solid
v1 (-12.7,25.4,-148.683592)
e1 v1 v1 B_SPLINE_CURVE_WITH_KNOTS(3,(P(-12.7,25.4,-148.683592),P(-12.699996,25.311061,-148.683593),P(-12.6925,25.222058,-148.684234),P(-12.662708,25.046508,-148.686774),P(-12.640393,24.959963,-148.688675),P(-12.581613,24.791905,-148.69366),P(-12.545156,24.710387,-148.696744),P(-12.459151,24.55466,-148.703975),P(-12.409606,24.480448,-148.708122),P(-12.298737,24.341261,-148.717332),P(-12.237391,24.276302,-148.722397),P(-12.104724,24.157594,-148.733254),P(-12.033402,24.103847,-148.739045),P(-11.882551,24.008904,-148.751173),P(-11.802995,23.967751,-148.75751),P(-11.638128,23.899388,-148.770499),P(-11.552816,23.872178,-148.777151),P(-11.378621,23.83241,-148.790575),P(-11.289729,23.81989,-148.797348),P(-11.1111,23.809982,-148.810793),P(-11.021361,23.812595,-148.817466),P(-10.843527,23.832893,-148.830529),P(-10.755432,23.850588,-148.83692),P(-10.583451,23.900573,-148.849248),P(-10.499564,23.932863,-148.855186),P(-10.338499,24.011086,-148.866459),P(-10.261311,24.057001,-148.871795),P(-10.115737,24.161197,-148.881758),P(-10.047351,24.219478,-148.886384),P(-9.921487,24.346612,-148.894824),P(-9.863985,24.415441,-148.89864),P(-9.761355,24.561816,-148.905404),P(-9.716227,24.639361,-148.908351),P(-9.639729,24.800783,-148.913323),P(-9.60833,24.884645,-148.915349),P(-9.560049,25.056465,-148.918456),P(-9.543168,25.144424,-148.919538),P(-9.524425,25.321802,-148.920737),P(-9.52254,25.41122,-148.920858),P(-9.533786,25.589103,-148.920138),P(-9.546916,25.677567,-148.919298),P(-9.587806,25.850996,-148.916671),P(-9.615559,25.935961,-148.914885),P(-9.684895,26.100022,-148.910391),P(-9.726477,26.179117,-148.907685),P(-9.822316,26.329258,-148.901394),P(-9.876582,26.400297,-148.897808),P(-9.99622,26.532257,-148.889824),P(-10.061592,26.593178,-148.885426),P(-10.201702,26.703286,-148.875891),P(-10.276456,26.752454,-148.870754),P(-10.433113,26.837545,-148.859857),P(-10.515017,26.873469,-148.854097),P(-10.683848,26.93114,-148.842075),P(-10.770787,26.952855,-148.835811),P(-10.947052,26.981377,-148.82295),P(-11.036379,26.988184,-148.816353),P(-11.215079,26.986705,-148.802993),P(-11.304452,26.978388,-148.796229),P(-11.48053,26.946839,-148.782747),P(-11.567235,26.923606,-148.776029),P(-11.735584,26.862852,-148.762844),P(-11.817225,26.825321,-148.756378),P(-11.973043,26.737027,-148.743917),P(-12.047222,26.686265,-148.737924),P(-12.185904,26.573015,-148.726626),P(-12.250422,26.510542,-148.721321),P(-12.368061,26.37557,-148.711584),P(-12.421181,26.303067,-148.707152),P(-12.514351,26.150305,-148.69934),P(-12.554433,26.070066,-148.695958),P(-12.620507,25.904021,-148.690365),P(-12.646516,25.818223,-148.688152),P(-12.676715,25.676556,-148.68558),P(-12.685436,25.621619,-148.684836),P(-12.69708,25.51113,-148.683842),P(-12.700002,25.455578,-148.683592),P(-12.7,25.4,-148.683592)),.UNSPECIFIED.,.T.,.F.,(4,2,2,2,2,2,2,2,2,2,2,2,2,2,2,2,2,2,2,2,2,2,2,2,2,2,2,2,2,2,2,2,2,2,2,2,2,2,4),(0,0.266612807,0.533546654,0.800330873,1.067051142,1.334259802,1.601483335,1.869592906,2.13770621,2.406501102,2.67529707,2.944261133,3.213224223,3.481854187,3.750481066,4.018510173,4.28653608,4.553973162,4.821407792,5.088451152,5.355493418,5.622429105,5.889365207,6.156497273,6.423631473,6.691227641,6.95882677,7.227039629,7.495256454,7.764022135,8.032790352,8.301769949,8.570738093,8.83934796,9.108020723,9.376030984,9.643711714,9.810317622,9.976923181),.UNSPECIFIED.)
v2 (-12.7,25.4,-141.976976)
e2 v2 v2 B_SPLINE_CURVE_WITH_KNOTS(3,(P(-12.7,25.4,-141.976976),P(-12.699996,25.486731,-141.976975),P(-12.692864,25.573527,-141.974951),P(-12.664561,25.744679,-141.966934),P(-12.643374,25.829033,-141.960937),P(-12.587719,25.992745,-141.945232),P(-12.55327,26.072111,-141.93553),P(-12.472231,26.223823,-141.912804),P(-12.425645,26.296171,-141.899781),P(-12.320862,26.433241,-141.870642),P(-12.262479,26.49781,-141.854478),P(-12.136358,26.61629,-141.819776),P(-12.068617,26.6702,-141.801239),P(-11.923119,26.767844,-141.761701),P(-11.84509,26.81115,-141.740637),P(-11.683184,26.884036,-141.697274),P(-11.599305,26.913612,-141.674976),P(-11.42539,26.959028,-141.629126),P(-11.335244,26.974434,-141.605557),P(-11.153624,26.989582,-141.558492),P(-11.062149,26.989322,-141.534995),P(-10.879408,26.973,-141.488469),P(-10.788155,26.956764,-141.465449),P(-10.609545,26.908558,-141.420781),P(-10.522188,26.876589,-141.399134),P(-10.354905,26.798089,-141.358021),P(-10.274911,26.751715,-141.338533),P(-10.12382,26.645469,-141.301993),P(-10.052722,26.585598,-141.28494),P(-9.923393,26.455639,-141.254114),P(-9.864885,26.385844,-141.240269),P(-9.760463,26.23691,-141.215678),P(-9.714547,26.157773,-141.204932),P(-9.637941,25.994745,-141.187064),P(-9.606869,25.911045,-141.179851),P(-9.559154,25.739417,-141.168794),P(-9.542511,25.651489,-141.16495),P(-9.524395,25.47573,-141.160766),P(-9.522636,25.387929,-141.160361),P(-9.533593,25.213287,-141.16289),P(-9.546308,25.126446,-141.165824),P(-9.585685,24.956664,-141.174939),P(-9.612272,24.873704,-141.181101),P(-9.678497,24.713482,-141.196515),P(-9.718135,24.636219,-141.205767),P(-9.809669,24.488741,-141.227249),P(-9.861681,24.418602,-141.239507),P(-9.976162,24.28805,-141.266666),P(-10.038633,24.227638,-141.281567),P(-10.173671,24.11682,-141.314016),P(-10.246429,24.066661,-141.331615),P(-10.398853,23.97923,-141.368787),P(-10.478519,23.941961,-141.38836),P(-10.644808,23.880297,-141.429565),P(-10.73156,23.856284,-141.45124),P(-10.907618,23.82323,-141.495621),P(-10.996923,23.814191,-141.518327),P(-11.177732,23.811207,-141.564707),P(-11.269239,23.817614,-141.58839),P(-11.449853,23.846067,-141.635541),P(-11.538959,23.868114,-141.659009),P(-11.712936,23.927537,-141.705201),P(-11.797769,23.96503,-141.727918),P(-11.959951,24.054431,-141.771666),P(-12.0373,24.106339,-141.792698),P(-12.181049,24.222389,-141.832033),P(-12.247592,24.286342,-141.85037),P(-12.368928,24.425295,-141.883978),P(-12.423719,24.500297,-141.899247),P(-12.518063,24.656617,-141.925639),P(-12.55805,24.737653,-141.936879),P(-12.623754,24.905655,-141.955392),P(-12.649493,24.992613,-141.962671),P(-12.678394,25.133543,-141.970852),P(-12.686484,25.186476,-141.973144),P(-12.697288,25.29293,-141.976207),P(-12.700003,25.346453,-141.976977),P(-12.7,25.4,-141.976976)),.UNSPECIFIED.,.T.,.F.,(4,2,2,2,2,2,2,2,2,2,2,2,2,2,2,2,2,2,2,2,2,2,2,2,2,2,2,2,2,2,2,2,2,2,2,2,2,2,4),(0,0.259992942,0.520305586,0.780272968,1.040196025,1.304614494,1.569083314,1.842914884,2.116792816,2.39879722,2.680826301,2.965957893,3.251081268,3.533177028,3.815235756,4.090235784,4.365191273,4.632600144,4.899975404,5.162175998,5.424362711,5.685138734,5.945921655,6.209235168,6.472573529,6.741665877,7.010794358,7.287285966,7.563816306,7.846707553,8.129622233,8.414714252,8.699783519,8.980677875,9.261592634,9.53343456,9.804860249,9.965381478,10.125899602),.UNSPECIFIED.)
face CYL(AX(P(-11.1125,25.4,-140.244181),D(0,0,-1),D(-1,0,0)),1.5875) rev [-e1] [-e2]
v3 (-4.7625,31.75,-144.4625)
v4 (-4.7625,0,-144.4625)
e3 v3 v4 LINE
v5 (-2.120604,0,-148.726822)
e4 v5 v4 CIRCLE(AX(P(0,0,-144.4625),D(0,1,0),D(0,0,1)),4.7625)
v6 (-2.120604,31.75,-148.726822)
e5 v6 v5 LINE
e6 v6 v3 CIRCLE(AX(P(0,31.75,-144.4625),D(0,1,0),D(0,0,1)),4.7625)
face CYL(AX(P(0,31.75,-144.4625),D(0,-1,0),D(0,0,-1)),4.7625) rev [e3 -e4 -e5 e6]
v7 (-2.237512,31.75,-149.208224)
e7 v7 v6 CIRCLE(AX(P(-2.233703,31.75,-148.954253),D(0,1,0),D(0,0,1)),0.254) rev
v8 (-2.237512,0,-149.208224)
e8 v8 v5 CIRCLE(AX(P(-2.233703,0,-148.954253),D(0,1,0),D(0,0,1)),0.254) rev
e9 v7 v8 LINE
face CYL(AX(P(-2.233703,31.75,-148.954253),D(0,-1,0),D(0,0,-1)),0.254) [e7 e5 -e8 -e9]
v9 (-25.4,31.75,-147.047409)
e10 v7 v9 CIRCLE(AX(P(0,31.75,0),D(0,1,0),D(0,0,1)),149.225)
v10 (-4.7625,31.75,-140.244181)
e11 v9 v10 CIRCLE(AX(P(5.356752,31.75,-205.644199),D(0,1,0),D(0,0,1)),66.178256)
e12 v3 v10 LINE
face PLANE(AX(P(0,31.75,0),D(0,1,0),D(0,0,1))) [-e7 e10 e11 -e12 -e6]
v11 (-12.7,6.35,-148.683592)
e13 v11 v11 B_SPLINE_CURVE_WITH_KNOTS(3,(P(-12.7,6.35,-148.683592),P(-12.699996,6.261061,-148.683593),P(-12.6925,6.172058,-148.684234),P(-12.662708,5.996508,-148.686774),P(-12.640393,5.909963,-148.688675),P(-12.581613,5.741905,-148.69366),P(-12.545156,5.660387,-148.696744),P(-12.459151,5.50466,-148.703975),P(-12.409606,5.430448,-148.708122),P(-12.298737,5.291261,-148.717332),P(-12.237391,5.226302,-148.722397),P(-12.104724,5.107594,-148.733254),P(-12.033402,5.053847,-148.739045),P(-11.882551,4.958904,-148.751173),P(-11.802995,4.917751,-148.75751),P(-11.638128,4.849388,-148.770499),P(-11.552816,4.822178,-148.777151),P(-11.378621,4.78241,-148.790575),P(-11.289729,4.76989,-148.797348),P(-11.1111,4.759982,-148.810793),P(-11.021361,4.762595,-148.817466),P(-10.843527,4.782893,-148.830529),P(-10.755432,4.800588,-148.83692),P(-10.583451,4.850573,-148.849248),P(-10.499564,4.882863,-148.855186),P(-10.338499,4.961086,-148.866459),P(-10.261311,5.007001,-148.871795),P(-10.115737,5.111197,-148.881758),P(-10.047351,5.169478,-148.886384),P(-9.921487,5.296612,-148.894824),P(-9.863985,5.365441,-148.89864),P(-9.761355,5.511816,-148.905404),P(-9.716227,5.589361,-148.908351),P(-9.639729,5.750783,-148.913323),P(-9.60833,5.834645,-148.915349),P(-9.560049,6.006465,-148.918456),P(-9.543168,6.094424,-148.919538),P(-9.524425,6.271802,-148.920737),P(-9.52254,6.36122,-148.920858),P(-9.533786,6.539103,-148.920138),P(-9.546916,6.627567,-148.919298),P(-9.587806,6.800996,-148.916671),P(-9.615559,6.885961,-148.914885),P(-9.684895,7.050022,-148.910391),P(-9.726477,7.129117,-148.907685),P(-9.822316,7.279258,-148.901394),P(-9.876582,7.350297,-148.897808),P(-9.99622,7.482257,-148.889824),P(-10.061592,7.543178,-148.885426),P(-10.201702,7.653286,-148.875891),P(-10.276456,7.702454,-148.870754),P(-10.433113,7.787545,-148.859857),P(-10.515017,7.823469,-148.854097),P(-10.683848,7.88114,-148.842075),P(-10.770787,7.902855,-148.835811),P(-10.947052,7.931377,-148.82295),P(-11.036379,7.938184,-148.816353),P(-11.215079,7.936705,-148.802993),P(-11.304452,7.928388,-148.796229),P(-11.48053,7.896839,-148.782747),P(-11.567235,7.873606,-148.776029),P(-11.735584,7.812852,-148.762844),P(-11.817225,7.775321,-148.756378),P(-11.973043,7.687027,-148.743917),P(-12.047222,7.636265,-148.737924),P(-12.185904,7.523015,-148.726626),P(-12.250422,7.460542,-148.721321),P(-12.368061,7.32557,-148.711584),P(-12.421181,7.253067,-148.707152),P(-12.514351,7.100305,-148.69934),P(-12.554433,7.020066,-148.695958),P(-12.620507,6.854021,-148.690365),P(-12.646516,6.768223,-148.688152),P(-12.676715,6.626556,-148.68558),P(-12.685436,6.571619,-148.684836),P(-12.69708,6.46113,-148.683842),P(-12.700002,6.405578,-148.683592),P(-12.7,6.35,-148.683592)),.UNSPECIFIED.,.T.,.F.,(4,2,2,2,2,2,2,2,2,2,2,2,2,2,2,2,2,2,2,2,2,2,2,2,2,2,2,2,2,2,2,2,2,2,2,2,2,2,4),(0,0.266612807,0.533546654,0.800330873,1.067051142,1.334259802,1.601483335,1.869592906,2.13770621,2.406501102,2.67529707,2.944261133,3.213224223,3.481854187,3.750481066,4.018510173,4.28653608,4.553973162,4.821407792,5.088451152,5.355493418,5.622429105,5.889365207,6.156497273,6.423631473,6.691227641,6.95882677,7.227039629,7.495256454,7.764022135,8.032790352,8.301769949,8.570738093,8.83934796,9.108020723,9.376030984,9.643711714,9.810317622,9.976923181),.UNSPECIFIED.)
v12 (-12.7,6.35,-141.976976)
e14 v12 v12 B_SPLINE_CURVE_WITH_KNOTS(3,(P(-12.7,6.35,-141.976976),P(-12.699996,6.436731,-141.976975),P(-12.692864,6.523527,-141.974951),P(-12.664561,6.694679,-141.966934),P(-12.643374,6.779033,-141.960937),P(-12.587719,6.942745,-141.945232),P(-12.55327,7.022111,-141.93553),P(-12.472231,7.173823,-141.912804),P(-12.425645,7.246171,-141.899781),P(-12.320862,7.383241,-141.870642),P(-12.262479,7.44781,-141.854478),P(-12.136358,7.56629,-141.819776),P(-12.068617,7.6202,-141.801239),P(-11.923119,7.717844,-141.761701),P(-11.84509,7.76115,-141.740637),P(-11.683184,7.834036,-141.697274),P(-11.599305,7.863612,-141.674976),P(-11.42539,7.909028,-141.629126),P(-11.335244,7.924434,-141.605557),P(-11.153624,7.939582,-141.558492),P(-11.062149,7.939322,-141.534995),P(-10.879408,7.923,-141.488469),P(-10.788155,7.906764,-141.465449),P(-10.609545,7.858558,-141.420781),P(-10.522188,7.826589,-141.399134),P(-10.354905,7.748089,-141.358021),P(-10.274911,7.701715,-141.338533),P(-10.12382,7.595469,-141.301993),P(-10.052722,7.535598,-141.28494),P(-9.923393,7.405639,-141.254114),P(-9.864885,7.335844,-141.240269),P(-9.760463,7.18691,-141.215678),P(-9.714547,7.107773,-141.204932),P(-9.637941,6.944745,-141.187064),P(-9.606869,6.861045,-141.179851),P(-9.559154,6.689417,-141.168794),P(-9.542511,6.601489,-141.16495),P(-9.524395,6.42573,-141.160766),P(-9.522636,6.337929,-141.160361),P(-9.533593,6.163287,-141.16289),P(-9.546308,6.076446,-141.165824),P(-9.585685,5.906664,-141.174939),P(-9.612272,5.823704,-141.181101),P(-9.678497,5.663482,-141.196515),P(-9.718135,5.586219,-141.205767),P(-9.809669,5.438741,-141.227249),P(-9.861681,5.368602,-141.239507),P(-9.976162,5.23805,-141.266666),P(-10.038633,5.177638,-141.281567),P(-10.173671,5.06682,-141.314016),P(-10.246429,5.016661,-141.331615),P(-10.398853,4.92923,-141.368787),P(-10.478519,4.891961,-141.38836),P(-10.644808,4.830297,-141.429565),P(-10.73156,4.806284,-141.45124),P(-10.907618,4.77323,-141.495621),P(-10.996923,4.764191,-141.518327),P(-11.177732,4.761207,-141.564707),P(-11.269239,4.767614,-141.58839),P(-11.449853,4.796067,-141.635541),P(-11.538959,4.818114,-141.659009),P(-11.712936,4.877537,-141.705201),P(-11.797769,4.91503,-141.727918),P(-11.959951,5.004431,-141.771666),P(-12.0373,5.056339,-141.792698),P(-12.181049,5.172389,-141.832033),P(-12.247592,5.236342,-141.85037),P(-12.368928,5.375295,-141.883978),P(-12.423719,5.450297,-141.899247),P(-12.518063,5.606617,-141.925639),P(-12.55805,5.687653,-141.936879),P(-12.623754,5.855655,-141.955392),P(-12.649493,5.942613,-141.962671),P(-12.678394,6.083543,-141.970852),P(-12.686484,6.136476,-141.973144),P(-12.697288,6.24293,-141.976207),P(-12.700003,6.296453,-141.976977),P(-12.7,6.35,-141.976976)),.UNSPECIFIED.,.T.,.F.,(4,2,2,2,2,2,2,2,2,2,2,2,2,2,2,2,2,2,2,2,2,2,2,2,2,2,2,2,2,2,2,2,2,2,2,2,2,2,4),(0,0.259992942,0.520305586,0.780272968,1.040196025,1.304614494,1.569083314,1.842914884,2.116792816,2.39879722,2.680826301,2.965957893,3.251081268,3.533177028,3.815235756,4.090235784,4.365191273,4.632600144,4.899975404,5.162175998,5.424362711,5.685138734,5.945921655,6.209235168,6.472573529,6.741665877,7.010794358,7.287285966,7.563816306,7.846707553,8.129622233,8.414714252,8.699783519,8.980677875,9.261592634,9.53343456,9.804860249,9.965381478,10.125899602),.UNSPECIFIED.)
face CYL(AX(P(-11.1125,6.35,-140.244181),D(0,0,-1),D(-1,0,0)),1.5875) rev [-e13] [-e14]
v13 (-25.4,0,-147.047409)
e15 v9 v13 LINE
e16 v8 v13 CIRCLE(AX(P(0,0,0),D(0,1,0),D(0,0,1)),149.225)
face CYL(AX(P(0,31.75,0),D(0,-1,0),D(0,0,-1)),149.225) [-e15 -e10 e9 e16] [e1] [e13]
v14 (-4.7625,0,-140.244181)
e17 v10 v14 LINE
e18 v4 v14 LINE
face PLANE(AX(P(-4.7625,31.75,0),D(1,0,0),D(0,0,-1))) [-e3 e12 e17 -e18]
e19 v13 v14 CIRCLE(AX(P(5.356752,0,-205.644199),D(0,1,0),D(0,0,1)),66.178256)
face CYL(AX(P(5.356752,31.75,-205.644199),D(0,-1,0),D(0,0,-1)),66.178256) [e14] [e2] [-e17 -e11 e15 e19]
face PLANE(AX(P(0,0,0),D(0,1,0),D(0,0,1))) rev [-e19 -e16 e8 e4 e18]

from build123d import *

# Parameters (mm, degrees)
BOSS_EXTRUDE1_DEPTH = 31.75
SKETCH2_R           = 1.5875
CUT_EXTRUDE1_DEPTH  = 9.980818595


with BuildPart() as part:
    # Sketch1 → Boss-Extrude1 (new body)
    with BuildSketch(Plane(origin=(0, 0, 0), x_dir=(1, 0, 0), z_dir=(0, 1, 0))):
        with BuildLine():
            Line((-4.7625, 144.4625), (-4.7625, 140.244181405))
            ThreePointArc((-4.7625, 140.244181405), (-15.362391405, 142.792956785), (-25.4, 147.047409447))
            ThreePointArc((-25.4, 147.047409447), (-13.860926819, 148.579861801), (-2.237511623, 149.208224193))
            ThreePointArc((-2.237511623, 149.208224193), (-1.986877125, 149.014193897), (-2.120604202, 148.726822228))
            ThreePointArc((-2.120604202, 148.726822228), (-4.048504895, 146.97068946), (-4.7625, 144.4625))
        make_face()
    extrude(amount=BOSS_EXTRUDE1_DEPTH)

    # Sketch2 → Cut-Extrude1 (cut, through all)
    with BuildSketch(Plane(origin=(0, 0, -149.225), x_dir=(-1, 0, 0), z_dir=(0, 0, -1))):
        with Locations((11.1125, 25.4)):
            Circle(SKETCH2_R)
        with Locations((11.1125, 6.35)):
            Circle(SKETCH2_R)
    extrude(amount=-CUT_EXTRUDE1_DEPTH, mode=Mode.SUBTRACT)


solid = part.part
